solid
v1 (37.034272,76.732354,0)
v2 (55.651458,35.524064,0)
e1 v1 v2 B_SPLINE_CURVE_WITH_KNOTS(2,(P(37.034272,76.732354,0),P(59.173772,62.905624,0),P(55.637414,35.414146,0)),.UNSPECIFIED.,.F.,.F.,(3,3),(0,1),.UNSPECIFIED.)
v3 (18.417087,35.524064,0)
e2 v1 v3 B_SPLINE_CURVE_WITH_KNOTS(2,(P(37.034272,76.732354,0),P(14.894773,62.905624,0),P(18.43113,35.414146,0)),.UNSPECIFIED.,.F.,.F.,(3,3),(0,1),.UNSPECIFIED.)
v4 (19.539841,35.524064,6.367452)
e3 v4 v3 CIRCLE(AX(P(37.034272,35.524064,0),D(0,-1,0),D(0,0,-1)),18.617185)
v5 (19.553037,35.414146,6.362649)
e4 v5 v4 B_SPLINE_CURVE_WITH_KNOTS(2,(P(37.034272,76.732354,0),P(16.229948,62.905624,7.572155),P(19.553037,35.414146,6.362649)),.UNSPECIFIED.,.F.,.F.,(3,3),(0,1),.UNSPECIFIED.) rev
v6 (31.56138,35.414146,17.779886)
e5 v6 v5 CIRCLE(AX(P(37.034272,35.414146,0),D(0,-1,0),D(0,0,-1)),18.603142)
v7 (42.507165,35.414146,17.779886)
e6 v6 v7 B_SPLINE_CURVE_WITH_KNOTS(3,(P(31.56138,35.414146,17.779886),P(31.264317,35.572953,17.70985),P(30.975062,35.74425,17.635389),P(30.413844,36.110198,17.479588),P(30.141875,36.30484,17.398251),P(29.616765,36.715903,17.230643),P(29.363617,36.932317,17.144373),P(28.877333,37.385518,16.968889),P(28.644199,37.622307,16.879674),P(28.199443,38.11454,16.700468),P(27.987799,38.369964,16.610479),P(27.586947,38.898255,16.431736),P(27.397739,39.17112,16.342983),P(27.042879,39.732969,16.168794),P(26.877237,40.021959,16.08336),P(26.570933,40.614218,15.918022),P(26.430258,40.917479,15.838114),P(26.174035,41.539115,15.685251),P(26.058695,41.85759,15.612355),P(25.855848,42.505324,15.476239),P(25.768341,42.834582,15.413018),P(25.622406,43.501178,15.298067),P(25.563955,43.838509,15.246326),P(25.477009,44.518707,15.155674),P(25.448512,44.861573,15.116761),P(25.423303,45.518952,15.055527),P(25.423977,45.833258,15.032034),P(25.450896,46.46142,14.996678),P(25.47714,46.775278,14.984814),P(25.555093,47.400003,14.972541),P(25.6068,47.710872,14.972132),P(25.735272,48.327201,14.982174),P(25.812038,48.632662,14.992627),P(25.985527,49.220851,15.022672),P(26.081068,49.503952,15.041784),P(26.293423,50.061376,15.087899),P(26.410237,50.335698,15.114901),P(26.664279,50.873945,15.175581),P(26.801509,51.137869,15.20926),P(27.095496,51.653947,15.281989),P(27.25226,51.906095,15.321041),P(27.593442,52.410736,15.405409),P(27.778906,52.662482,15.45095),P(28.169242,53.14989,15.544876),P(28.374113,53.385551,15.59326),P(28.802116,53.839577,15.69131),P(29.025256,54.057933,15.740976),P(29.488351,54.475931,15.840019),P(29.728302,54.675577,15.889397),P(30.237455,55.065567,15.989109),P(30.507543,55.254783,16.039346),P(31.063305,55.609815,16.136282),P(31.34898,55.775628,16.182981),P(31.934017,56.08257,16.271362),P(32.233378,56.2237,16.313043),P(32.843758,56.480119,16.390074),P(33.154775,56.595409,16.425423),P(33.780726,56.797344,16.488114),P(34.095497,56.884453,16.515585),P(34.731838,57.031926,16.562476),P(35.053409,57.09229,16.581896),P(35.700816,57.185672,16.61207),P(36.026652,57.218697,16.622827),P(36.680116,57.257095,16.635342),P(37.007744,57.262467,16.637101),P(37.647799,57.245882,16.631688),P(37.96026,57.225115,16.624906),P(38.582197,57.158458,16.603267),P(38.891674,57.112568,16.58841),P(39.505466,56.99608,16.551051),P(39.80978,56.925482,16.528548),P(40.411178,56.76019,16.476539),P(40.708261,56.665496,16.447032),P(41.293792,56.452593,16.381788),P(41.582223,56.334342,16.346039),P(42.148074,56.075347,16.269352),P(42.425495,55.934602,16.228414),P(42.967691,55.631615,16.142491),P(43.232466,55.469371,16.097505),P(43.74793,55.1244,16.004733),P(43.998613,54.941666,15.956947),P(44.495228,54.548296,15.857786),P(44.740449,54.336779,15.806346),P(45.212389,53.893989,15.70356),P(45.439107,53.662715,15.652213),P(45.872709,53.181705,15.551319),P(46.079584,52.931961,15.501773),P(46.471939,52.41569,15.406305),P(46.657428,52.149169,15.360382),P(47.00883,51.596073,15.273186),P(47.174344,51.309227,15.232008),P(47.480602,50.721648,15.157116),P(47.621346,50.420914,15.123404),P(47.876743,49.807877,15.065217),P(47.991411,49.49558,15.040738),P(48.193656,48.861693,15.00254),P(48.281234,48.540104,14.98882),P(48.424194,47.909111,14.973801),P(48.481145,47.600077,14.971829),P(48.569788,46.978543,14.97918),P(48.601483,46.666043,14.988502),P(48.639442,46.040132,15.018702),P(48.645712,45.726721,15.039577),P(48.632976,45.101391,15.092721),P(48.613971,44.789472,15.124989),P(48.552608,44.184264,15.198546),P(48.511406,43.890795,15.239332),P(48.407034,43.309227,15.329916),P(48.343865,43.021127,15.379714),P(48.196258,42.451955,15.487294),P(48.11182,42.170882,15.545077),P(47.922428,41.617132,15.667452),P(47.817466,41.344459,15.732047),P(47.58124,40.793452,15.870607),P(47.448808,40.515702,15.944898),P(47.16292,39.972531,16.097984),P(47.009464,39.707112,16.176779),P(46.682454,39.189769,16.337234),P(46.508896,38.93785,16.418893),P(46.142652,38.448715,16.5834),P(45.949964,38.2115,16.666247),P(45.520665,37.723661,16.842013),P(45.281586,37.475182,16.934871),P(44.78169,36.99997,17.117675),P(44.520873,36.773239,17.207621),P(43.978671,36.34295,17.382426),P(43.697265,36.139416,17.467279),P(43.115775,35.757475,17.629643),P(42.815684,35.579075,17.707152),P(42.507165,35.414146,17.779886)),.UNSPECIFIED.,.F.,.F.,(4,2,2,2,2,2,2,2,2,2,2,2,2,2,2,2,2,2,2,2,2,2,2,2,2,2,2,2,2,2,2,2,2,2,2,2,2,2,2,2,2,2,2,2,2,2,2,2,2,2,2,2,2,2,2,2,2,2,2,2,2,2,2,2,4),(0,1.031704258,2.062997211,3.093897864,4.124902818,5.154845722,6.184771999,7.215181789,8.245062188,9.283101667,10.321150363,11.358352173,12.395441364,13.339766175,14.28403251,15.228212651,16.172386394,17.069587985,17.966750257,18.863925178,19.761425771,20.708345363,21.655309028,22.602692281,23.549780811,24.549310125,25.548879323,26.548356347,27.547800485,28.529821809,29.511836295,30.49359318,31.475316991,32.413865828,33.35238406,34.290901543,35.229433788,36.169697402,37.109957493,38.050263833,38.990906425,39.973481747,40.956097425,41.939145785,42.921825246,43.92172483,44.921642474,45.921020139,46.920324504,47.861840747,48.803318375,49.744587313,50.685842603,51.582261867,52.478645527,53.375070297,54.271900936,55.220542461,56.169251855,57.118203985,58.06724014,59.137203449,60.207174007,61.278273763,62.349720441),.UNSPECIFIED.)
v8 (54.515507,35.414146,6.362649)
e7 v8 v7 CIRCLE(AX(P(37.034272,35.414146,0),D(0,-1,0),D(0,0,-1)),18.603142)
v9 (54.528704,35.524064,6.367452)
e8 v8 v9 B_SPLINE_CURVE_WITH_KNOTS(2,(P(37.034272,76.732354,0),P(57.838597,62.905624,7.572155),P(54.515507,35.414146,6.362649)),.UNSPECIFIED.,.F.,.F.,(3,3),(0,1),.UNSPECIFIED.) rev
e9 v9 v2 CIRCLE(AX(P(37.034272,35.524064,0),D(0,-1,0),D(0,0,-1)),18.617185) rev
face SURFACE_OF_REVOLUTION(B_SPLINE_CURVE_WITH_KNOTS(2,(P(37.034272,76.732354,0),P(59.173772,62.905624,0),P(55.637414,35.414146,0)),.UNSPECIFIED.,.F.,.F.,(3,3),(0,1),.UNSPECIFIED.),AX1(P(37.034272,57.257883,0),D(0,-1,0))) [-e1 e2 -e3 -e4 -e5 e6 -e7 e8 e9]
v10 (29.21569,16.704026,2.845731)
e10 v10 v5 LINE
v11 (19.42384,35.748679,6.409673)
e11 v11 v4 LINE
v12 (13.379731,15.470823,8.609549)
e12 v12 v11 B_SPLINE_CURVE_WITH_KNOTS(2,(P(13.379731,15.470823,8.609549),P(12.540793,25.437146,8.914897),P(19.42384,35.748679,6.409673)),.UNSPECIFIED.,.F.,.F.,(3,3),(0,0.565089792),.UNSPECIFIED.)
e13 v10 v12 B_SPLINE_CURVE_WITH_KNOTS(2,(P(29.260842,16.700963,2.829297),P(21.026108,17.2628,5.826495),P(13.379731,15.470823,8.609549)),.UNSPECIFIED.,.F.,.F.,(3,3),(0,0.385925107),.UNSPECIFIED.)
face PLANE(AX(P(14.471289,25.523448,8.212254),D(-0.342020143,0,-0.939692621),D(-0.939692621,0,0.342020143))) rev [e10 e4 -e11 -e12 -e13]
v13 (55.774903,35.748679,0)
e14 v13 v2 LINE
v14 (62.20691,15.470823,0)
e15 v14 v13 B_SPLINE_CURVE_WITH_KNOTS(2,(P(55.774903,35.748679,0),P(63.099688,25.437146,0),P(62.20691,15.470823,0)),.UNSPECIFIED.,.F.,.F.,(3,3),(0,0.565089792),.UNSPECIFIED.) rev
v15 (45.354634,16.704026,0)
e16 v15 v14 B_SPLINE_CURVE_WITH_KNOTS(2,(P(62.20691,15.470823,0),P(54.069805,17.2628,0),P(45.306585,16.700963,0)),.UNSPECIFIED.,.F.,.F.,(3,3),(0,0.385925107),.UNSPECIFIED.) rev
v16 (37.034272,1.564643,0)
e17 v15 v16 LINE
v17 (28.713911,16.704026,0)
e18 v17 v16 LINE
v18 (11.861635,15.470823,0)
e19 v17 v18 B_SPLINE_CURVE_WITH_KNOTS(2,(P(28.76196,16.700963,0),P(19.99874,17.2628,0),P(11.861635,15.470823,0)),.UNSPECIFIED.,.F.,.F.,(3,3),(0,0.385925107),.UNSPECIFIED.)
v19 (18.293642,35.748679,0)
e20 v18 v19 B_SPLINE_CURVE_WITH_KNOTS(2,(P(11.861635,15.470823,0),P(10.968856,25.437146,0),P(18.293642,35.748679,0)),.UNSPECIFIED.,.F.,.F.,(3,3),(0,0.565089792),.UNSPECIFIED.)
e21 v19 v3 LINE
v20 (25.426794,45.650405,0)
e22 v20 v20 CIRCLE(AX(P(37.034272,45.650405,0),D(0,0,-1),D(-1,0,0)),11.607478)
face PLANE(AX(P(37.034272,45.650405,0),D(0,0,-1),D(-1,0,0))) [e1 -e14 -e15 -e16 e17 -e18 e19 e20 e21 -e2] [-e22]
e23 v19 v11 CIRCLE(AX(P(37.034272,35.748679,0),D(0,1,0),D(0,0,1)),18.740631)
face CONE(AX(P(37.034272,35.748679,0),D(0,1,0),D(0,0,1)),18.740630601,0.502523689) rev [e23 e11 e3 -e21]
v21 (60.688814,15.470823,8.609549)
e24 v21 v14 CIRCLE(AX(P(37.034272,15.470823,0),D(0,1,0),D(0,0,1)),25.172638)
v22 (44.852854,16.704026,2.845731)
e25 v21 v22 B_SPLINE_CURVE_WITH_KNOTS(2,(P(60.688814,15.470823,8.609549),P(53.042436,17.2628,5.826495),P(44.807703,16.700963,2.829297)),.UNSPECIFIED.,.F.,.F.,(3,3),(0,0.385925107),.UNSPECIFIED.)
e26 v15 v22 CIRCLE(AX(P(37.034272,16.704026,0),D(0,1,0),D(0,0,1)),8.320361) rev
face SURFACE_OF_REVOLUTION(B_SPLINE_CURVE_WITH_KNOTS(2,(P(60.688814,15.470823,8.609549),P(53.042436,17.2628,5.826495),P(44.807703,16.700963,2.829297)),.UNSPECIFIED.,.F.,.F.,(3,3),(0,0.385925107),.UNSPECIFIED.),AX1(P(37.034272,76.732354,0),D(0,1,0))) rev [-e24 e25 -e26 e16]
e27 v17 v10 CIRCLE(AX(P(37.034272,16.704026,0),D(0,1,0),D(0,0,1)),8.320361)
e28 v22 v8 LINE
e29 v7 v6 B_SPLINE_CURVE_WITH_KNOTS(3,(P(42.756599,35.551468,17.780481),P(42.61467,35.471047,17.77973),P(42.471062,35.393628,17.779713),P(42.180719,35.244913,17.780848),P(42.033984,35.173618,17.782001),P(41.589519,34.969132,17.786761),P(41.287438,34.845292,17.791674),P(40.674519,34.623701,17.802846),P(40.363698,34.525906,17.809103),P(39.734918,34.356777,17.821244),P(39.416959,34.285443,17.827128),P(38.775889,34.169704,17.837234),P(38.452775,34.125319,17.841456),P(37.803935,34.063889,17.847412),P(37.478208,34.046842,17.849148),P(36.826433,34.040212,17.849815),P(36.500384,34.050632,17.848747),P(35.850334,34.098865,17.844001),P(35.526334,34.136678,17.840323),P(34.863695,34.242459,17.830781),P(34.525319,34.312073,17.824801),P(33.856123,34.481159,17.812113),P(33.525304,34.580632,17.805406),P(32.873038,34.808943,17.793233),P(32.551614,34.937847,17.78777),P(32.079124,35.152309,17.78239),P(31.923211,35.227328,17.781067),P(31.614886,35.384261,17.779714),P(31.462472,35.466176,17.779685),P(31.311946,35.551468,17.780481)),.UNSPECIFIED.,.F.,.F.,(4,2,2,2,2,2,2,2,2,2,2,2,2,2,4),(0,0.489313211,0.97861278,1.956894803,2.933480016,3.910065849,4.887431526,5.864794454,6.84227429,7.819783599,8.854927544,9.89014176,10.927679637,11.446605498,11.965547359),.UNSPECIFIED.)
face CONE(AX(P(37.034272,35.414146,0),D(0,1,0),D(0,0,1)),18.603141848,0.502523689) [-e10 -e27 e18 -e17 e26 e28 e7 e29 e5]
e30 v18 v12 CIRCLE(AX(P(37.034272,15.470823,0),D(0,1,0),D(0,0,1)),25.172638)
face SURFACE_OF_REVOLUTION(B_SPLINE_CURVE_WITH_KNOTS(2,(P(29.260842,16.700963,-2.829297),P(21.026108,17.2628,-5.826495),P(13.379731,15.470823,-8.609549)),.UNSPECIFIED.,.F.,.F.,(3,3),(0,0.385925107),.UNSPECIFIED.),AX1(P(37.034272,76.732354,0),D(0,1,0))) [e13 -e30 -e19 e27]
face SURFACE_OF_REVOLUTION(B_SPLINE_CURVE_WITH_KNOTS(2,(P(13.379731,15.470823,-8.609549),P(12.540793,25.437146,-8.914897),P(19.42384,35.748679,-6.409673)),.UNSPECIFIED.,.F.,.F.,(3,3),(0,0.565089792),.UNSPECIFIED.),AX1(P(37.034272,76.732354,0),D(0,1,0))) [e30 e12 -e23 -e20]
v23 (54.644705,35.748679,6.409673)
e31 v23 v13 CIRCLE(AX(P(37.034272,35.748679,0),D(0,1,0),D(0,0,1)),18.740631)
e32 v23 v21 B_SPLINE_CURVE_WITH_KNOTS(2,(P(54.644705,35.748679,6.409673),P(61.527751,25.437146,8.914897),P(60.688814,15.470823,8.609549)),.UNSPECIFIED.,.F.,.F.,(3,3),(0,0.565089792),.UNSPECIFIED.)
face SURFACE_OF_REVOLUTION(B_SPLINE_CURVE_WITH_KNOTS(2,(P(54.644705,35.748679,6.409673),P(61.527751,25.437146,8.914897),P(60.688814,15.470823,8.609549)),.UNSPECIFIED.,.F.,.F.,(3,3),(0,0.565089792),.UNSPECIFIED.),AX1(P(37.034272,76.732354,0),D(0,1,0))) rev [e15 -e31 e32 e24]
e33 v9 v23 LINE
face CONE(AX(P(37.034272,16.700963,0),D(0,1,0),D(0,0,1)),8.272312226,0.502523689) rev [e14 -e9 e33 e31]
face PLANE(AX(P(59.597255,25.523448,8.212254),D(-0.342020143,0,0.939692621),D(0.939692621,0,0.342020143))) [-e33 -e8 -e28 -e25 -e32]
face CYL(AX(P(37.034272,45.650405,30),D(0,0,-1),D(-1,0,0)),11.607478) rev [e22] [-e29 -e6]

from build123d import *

# Parameters (mm, degrees)
REVOLVE1_ANGLE           = 180
SKETCH2_R                = 11.607478401
CUT_EXTRUDE1_DEPTH       = 30
REVOLVE3_ANGLE           = 20
REVOLVE3_OTHER_WAY_ANGLE = 20
SKETCH6_W                = 87.695776886
SKETCH6_H                = 110.7877302
CUT_EXTRUDE2_DEPTH       = 30


with BuildPart() as part:
    # Sketch1 → Revolve1 (revolve)
    with BuildSketch(Plane.XY):
        with BuildLine():
            Line((37.03427234, 1.564642505), (18.431130492, 35.41414573))
            add(Edge.make_bspline(
                [(18.431130492, 35.41414573), (14.894772629, 62.905623644), (37.03427234, 76.73235426)],
                knots=[0, 0, 0, 1, 1, 1], degree=2))
            Line((37.03427234, 76.73235426), (37.03427234, 57.257883484))
            ThreePointArc((37.03427234, 57.257883484), (25.426793939, 45.650405083), (37.03427234, 34.042926682))
            Line((37.03427234, 34.042926682), (37.03427234, 1.564642505))
        make_face()
    revolve(axis=Axis((37.03427234, 57.257883484, 0), (0, 1, 0)), revolution_arc=REVOLVE1_ANGLE)

    # Sketch2 → Cut-Extrude1 (cut)
    with BuildSketch(Plane(origin=(0, 0, 0), x_dir=(-1, 0, 0), z_dir=(0, 0, -1))):
        with Locations((-37.03427234, 45.650405083)):
            Circle(SKETCH2_R)
    extrude(amount=-CUT_EXTRUDE1_DEPTH, mode=Mode.SUBTRACT)

    # Sketch3 → Revolve3 (revolve)
    with BuildSketch(Plane(origin=(0, 0, 0), x_dir=(-1, 0, 0), z_dir=(0, 0, -1))):
        with BuildLine():
            Line((-55.774902941, 35.7486794), (-45.306584566, 16.700962649))
            add(Edge.make_bspline(
                [(-45.306584566, 16.700962649), (-54.069804725, 17.26279972), (-62.206909853, 15.470822713)],
                knots=[0, 0, 0, 0.385925107, 0.385925107, 0.385925107], degree=2))
            add(Edge.make_bspline(
                [(-55.774902941, 35.7486794), (-63.0996884, 25.437145822), (-62.206909853, 15.470822713)],
                knots=[0, 0, 0, 0.565089792, 0.565089792, 0.565089792], degree=2))
        make_face()
        with BuildLine():
            Line((-18.293641739, 35.7486794), (-28.761960114, 16.700962649))
            add(Edge.make_bspline(
                [(-28.761960114, 16.700962649), (-19.998739955, 17.26279972), (-11.861634828, 15.470822713)],
                knots=[0, 0, 0, 0.385925107, 0.385925107, 0.385925107], degree=2))
            add(Edge.make_bspline(
                [(-18.293641739, 35.7486794), (-10.96885628, 25.437145822), (-11.861634828, 15.470822713)],
                knots=[0, 0, 0, 0.565089792, 0.565089792, 0.565089792], degree=2))
        make_face()
    revolve(axis=Axis((37.03427234, 76.73235426, 0), (0, -1, 0)), revolution_arc=REVOLVE3_ANGLE)

    # Sketch3 → Revolve3 other way (revolve)
    with BuildSketch(Plane(origin=(0, 0, 0), x_dir=(-1, 0, 0), z_dir=(0, 0, -1))):
        with BuildLine():
            Line((-55.774902941, 35.7486794), (-45.306584566, 16.700962649))
            add(Edge.make_bspline(
                [(-45.306584566, 16.700962649), (-54.069804725, 17.26279972), (-62.206909853, 15.470822713)],
                knots=[0, 0, 0, 0.385925107, 0.385925107, 0.385925107], degree=2))
            add(Edge.make_bspline(
                [(-55.774902941, 35.7486794), (-63.0996884, 25.437145822), (-62.206909853, 15.470822713)],
                knots=[0, 0, 0, 0.565089792, 0.565089792, 0.565089792], degree=2))
        make_face()
        with BuildLine():
            Line((-18.293641739, 35.7486794), (-28.761960114, 16.700962649))
            add(Edge.make_bspline(
                [(-28.761960114, 16.700962649), (-19.998739955, 17.26279972), (-11.861634828, 15.470822713)],
                knots=[0, 0, 0, 0.385925107, 0.385925107, 0.385925107], degree=2))
            add(Edge.make_bspline(
                [(-18.293641739, 35.7486794), (-10.96885628, 25.437145822), (-11.861634828, 15.470822713)],
                knots=[0, 0, 0, 0.565089792, 0.565089792, 0.565089792], degree=2))
        make_face()
    revolve(axis=Axis((37.03427234, 76.73235426, 0), (0, 1, 0)), revolution_arc=REVOLVE3_OTHER_WAY_ANGLE)

    # Sketch6 → Cut-Extrude2 (cut)
    with BuildSketch(Plane(origin=(0, 0, 0), x_dir=(-1, 0, 0), z_dir=(0, 0, -1))):
        with Locations((-37.762446628, 42.00670517)):
            Rectangle(SKETCH6_W, SKETCH6_H)
    extrude(amount=CUT_EXTRUDE2_DEPTH, mode=Mode.SUBTRACT)


solid = part.part
